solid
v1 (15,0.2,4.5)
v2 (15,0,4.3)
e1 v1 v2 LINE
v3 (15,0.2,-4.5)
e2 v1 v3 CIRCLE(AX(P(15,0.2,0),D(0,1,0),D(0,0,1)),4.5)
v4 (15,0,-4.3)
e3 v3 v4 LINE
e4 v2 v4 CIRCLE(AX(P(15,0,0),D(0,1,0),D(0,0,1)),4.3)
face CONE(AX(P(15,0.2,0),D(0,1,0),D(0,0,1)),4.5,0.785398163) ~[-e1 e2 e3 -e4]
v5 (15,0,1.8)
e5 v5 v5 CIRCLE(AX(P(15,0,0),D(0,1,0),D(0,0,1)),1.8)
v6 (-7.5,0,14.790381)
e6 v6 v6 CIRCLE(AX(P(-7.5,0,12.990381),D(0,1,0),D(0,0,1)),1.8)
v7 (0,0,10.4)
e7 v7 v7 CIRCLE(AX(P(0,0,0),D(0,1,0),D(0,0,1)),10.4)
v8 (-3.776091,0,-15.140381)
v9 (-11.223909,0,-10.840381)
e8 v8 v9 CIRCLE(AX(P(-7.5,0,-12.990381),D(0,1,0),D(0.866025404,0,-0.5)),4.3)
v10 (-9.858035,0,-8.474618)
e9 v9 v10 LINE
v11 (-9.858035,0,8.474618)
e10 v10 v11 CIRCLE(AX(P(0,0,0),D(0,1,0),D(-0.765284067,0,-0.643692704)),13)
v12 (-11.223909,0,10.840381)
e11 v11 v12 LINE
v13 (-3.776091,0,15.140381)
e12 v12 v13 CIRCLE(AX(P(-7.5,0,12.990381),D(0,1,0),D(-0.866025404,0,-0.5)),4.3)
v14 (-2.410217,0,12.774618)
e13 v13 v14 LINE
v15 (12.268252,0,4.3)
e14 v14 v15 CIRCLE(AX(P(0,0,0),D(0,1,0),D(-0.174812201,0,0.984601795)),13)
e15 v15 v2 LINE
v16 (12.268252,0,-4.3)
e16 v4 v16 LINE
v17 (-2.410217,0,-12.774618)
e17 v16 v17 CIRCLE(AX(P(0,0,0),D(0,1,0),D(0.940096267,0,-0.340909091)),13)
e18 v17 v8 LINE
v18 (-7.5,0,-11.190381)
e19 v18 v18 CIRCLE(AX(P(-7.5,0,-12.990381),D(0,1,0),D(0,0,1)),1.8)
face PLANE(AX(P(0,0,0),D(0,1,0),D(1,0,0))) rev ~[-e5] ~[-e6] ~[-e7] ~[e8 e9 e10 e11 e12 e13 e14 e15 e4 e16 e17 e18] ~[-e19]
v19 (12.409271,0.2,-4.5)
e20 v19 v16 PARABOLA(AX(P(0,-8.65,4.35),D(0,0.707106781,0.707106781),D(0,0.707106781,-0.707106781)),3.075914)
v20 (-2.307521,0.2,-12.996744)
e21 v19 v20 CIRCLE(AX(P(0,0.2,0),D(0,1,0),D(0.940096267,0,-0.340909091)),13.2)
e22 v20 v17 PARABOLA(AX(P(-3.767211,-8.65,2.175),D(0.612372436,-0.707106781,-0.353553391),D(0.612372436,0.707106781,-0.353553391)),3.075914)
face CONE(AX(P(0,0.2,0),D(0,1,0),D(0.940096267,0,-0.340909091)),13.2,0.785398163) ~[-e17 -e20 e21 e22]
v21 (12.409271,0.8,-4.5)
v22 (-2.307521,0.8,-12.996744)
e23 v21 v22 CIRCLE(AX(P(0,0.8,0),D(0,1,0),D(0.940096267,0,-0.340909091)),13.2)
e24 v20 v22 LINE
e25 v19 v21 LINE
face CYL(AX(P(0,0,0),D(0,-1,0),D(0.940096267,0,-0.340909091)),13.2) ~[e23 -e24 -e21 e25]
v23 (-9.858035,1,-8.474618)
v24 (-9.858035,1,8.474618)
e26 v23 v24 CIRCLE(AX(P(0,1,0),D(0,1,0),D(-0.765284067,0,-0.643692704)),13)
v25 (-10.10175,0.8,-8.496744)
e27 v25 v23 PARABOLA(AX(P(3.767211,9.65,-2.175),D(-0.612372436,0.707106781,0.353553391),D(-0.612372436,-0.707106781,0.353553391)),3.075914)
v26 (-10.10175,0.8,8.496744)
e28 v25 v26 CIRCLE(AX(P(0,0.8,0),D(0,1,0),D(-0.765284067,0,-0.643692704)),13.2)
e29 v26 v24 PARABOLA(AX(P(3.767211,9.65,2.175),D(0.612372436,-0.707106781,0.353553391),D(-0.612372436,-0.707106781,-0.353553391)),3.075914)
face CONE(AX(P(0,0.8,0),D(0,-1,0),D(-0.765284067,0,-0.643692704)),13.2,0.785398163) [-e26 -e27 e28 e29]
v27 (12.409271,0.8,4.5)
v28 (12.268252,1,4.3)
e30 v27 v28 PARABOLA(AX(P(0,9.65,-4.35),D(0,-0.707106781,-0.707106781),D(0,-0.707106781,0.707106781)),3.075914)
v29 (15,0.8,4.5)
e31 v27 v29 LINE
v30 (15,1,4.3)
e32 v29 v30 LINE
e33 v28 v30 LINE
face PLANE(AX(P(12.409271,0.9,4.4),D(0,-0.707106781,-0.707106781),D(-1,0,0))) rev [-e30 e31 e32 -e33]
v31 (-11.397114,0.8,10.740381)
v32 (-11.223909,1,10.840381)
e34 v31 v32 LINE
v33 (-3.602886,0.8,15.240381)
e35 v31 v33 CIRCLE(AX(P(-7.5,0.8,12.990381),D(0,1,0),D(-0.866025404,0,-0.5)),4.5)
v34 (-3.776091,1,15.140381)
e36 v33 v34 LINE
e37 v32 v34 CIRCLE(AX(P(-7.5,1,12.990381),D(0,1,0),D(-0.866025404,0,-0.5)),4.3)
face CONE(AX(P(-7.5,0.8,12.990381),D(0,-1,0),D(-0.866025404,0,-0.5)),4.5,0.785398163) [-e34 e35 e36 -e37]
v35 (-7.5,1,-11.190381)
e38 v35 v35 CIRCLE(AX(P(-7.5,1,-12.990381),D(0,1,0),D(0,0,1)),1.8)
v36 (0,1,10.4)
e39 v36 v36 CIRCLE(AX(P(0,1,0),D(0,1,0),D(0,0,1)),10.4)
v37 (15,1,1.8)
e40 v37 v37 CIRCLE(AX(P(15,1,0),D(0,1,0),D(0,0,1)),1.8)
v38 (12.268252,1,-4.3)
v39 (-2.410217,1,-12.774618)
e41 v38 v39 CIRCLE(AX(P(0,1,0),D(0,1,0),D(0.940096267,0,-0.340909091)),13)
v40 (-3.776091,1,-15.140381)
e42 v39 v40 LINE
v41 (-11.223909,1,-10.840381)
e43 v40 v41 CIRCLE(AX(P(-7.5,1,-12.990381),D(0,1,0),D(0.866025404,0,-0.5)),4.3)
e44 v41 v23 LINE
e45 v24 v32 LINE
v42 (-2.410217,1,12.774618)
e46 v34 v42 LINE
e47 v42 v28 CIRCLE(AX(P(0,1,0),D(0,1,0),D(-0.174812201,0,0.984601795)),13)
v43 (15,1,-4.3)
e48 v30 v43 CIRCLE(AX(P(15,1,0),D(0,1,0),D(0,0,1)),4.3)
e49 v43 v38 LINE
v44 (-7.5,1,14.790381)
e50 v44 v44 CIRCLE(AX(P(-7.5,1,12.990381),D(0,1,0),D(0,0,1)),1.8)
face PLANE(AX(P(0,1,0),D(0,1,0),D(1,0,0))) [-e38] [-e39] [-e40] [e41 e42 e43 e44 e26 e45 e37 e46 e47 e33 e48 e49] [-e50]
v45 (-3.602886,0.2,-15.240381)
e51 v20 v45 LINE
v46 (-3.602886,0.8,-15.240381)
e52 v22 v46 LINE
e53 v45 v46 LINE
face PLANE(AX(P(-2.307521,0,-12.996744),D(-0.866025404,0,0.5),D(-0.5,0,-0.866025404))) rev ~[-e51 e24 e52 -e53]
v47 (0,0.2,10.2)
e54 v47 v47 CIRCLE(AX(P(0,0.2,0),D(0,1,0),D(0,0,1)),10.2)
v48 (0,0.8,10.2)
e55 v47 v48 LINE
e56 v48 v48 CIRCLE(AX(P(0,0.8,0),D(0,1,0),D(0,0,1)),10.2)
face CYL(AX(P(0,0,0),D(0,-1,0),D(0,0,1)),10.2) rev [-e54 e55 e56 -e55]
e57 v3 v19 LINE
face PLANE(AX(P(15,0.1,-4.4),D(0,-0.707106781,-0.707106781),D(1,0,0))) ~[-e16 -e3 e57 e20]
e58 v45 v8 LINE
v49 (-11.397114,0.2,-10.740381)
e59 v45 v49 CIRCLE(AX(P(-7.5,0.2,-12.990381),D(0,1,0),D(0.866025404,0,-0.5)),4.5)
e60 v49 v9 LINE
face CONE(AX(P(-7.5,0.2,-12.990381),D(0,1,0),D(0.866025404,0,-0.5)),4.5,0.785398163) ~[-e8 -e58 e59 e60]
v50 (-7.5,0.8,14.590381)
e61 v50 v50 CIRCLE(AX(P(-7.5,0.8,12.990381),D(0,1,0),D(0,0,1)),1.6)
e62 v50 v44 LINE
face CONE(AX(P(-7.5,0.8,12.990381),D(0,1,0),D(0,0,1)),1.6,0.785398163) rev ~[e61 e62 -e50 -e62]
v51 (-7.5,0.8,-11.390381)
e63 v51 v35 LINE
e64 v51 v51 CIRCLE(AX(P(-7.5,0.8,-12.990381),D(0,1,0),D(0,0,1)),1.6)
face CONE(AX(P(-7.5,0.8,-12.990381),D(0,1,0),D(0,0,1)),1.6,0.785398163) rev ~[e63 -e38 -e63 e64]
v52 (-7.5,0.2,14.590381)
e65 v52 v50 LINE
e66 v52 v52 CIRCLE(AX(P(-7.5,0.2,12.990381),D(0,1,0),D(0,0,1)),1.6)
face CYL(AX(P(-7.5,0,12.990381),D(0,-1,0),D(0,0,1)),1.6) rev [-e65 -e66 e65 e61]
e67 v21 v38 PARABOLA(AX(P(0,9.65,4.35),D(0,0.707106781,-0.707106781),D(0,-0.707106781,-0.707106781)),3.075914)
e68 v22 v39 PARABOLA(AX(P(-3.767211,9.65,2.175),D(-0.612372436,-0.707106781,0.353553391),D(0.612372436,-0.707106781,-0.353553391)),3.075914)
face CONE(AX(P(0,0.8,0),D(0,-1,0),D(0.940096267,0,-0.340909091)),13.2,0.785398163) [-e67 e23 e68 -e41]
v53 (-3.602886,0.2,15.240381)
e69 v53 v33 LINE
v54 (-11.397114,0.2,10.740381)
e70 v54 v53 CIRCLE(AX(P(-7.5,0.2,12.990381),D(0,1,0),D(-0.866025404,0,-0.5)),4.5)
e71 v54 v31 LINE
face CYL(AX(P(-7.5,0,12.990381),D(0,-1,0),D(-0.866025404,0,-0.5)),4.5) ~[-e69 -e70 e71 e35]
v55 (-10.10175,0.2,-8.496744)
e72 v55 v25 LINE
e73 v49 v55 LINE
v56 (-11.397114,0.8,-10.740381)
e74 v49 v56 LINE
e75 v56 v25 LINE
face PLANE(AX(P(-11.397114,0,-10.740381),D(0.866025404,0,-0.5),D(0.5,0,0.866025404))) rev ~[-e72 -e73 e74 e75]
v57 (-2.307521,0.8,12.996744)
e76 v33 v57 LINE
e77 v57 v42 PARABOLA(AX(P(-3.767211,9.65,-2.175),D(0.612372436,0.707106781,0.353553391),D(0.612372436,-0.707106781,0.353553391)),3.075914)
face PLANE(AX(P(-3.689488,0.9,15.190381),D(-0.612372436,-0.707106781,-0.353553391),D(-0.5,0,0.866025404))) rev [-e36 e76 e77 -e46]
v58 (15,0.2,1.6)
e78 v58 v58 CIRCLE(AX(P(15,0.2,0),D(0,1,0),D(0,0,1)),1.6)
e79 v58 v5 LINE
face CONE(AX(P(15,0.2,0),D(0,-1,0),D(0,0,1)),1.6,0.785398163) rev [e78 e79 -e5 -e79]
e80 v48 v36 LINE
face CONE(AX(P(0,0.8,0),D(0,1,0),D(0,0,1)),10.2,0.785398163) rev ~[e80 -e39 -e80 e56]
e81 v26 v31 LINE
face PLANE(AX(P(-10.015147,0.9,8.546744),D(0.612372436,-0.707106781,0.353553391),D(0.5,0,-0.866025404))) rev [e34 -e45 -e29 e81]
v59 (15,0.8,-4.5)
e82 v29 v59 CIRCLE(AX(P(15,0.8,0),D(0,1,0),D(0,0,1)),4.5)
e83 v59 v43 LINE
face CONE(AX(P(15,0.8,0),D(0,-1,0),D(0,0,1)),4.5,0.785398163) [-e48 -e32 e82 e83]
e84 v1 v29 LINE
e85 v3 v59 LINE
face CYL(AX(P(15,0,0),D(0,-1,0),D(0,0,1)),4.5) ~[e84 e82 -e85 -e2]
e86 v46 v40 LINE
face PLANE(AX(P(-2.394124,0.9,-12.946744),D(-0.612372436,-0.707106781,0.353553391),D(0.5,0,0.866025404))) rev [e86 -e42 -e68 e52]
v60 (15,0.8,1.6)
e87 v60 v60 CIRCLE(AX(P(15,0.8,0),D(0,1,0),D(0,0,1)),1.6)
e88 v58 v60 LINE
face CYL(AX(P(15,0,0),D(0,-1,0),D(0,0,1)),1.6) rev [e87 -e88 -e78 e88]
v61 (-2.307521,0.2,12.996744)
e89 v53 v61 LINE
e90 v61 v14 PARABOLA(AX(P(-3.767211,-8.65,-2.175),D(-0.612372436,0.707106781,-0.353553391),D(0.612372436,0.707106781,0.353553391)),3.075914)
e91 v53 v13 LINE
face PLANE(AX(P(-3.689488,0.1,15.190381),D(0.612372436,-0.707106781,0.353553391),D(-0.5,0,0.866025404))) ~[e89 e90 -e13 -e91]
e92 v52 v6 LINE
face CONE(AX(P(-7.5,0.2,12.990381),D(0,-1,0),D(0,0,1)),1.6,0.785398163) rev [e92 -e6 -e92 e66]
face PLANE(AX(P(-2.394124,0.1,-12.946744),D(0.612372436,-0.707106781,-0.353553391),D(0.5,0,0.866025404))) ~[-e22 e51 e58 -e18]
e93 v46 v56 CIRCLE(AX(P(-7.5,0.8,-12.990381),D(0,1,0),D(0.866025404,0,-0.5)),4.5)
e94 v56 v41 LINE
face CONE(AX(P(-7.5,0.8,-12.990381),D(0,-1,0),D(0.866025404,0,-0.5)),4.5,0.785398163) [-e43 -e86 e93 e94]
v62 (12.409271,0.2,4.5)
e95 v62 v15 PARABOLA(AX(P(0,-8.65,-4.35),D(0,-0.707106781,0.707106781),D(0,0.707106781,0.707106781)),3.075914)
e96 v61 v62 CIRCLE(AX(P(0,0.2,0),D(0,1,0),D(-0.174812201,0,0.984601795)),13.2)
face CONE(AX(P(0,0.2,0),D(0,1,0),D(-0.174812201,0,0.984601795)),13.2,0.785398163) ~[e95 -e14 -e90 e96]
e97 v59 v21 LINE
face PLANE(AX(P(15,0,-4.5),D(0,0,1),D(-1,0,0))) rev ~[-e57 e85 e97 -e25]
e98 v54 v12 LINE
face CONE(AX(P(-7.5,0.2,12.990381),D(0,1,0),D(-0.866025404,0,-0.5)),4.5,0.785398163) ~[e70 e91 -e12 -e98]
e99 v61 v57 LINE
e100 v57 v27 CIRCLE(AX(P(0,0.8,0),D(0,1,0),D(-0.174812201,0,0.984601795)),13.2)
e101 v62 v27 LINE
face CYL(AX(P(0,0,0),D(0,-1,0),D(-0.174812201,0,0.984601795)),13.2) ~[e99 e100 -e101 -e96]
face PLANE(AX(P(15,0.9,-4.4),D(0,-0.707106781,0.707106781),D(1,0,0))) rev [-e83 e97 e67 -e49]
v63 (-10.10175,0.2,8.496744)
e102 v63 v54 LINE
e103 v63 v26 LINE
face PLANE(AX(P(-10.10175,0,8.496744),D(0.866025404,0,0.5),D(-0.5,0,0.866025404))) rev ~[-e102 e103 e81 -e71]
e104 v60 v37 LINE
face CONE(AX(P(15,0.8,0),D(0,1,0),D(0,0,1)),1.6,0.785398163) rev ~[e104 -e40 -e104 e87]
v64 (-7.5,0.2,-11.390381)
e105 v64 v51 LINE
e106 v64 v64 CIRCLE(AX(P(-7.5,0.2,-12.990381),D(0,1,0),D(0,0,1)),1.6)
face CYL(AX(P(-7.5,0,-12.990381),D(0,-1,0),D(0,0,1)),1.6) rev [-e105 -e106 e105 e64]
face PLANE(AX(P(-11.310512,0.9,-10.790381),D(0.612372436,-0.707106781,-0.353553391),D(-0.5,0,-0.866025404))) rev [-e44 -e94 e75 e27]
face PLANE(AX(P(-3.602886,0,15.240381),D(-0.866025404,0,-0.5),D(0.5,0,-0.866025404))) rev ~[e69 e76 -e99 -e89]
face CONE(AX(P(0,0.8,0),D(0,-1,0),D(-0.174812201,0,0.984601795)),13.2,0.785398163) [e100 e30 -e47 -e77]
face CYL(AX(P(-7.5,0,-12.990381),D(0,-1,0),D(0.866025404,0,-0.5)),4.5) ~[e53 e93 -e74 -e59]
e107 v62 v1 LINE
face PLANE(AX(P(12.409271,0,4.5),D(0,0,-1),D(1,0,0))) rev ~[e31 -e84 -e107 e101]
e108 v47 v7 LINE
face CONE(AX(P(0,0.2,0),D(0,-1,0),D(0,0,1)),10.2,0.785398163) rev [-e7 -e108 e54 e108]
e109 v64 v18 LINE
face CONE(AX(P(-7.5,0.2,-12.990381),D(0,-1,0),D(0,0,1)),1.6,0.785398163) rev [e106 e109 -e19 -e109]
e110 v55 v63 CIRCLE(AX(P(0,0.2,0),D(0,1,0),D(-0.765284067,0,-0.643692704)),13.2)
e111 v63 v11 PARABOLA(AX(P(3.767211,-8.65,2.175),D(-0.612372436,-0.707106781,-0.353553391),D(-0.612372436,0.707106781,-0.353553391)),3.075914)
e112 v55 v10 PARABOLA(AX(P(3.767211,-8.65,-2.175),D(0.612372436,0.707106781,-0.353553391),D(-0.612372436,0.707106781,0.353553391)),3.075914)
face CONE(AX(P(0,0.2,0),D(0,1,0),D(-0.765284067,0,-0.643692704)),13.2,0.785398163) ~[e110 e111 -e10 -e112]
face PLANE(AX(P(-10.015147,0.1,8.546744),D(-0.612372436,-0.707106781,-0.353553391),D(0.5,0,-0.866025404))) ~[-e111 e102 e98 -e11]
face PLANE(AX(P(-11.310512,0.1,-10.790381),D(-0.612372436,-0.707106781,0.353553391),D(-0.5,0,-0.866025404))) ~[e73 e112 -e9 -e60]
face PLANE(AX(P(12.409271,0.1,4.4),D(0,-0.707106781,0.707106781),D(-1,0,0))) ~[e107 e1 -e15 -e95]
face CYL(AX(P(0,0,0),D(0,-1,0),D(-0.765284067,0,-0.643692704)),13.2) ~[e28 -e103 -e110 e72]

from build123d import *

# Parameters (mm, degrees)
SKETCH_1_R      = 1.6
SKETCH_1_R_2    = 10.2
EXTRUDE_1_DEPTH = 1
CHAMFER_1_SIZE  = 0.2


with BuildPart() as part:
    # 草图1 → 凸台-拉伸1 (new body)
    with BuildSketch(Plane(origin=(0, 0, 0), x_dir=(1, 0, 0), z_dir=(0, 1, 0))):
        with BuildLine():
            ThreePointArc((-2.307521047, -12.996743693), (6.6, -11.43153533), (12.409270728, -4.5))
            Line((12.409270728, -4.5), (15, -4.5))
            ThreePointArc((15, -4.5), (19.5, 0), (15, 4.5))
            Line((15, 4.5), (12.409270728, 4.5))
            ThreePointArc((12.409270728, 4.5), (6.6, 11.43153533), (-2.307521047, 12.996743693))
            Line((-2.307521047, 12.996743693), (-3.602885683, 15.240381057))
            ThreePointArc((-3.602885683, 15.240381057), (-9.75, 16.887495374), (-11.397114317, 10.740381057))
            Line((-11.397114317, 10.740381057), (-10.101749681, 8.496743693))
            ThreePointArc((-10.101749681, 8.496743693), (-13.2, 0), (-10.101749681, -8.496743693))
            Line((-10.101749681, -8.496743693), (-11.397114317, -10.740381057))
            ThreePointArc((-11.397114317, -10.740381057), (-9.75, -16.887495374), (-3.602885683, -15.240381057))
            Line((-3.602885683, -15.240381057), (-2.307521047, -12.996743693))
        make_face()
        with Locations(Location((-7.5, -12.990381057, 0), (0, 0, 270))):
            Circle(SKETCH_1_R, mode=Mode.SUBTRACT)
        with Locations(Location((15, 0, 0), (0, 0, 270))):
            Circle(SKETCH_1_R, mode=Mode.SUBTRACT)
        with Locations(Location((0, 0, 0), (0, 0, 270))):
            Circle(SKETCH_1_R_2, mode=Mode.SUBTRACT)
        with Locations(Location((-7.5, 12.990381057, 0), (0, 0, 270))):
            Circle(SKETCH_1_R, mode=Mode.SUBTRACT)
    extrude(amount=EXTRUDE_1_DEPTH)

    # 倒角1
    chamfer_1_edges = [part.edges().sort_by_distance(p)[0] for p in [
        (19.5, 1, 0),
        (13.704635364, 1, -4.5),
        (15, 0, -1.6),
        (-7.5, 0, 11.390381057),
        (-7.5, 0, -14.590381057),
        (0, 0, -10.2),
        (6.6, 0, 11.43153533),
        (-2.955203365, 0, 14.118562375),
        (-9.75, 0, 16.887495374),
        (6.6, 1, -11.43153533),
        (-10.749431999, 0, 9.618562375),
        (-13.2, 0, 0),
        (-10.749431999, 0, -9.618562375),
        (-9.75, 0, -16.887495374),
        (-2.955203365, 0, -14.118562375),
        (6.6, 0, -11.43153533),
        (13.704635364, 0, -4.5),
        (19.5, 0, 0),
        (-2.955203365, 1, -14.118562375),
        (13.704635364, 0, 4.5),
        (-9.75, 1, -16.887495374),
        (-10.749431999, 1, -9.618562375),
        (-13.2, 1, 0),
        (-10.749431999, 1, 9.618562375),
        (-9.75, 1, 16.887495374),
        (-2.955203365, 1, 14.118562375),
        (6.6, 1, 11.43153533),
        (0, 1, -10.2),
        (-7.5, 1, -14.590381057),
        (-7.5, 1, 11.390381057),
        (15, 1, -1.6),
        (13.704635364, 1, 4.5),
    ]]
    chamfer(chamfer_1_edges, length=CHAMFER_1_SIZE)


solid = part.part
